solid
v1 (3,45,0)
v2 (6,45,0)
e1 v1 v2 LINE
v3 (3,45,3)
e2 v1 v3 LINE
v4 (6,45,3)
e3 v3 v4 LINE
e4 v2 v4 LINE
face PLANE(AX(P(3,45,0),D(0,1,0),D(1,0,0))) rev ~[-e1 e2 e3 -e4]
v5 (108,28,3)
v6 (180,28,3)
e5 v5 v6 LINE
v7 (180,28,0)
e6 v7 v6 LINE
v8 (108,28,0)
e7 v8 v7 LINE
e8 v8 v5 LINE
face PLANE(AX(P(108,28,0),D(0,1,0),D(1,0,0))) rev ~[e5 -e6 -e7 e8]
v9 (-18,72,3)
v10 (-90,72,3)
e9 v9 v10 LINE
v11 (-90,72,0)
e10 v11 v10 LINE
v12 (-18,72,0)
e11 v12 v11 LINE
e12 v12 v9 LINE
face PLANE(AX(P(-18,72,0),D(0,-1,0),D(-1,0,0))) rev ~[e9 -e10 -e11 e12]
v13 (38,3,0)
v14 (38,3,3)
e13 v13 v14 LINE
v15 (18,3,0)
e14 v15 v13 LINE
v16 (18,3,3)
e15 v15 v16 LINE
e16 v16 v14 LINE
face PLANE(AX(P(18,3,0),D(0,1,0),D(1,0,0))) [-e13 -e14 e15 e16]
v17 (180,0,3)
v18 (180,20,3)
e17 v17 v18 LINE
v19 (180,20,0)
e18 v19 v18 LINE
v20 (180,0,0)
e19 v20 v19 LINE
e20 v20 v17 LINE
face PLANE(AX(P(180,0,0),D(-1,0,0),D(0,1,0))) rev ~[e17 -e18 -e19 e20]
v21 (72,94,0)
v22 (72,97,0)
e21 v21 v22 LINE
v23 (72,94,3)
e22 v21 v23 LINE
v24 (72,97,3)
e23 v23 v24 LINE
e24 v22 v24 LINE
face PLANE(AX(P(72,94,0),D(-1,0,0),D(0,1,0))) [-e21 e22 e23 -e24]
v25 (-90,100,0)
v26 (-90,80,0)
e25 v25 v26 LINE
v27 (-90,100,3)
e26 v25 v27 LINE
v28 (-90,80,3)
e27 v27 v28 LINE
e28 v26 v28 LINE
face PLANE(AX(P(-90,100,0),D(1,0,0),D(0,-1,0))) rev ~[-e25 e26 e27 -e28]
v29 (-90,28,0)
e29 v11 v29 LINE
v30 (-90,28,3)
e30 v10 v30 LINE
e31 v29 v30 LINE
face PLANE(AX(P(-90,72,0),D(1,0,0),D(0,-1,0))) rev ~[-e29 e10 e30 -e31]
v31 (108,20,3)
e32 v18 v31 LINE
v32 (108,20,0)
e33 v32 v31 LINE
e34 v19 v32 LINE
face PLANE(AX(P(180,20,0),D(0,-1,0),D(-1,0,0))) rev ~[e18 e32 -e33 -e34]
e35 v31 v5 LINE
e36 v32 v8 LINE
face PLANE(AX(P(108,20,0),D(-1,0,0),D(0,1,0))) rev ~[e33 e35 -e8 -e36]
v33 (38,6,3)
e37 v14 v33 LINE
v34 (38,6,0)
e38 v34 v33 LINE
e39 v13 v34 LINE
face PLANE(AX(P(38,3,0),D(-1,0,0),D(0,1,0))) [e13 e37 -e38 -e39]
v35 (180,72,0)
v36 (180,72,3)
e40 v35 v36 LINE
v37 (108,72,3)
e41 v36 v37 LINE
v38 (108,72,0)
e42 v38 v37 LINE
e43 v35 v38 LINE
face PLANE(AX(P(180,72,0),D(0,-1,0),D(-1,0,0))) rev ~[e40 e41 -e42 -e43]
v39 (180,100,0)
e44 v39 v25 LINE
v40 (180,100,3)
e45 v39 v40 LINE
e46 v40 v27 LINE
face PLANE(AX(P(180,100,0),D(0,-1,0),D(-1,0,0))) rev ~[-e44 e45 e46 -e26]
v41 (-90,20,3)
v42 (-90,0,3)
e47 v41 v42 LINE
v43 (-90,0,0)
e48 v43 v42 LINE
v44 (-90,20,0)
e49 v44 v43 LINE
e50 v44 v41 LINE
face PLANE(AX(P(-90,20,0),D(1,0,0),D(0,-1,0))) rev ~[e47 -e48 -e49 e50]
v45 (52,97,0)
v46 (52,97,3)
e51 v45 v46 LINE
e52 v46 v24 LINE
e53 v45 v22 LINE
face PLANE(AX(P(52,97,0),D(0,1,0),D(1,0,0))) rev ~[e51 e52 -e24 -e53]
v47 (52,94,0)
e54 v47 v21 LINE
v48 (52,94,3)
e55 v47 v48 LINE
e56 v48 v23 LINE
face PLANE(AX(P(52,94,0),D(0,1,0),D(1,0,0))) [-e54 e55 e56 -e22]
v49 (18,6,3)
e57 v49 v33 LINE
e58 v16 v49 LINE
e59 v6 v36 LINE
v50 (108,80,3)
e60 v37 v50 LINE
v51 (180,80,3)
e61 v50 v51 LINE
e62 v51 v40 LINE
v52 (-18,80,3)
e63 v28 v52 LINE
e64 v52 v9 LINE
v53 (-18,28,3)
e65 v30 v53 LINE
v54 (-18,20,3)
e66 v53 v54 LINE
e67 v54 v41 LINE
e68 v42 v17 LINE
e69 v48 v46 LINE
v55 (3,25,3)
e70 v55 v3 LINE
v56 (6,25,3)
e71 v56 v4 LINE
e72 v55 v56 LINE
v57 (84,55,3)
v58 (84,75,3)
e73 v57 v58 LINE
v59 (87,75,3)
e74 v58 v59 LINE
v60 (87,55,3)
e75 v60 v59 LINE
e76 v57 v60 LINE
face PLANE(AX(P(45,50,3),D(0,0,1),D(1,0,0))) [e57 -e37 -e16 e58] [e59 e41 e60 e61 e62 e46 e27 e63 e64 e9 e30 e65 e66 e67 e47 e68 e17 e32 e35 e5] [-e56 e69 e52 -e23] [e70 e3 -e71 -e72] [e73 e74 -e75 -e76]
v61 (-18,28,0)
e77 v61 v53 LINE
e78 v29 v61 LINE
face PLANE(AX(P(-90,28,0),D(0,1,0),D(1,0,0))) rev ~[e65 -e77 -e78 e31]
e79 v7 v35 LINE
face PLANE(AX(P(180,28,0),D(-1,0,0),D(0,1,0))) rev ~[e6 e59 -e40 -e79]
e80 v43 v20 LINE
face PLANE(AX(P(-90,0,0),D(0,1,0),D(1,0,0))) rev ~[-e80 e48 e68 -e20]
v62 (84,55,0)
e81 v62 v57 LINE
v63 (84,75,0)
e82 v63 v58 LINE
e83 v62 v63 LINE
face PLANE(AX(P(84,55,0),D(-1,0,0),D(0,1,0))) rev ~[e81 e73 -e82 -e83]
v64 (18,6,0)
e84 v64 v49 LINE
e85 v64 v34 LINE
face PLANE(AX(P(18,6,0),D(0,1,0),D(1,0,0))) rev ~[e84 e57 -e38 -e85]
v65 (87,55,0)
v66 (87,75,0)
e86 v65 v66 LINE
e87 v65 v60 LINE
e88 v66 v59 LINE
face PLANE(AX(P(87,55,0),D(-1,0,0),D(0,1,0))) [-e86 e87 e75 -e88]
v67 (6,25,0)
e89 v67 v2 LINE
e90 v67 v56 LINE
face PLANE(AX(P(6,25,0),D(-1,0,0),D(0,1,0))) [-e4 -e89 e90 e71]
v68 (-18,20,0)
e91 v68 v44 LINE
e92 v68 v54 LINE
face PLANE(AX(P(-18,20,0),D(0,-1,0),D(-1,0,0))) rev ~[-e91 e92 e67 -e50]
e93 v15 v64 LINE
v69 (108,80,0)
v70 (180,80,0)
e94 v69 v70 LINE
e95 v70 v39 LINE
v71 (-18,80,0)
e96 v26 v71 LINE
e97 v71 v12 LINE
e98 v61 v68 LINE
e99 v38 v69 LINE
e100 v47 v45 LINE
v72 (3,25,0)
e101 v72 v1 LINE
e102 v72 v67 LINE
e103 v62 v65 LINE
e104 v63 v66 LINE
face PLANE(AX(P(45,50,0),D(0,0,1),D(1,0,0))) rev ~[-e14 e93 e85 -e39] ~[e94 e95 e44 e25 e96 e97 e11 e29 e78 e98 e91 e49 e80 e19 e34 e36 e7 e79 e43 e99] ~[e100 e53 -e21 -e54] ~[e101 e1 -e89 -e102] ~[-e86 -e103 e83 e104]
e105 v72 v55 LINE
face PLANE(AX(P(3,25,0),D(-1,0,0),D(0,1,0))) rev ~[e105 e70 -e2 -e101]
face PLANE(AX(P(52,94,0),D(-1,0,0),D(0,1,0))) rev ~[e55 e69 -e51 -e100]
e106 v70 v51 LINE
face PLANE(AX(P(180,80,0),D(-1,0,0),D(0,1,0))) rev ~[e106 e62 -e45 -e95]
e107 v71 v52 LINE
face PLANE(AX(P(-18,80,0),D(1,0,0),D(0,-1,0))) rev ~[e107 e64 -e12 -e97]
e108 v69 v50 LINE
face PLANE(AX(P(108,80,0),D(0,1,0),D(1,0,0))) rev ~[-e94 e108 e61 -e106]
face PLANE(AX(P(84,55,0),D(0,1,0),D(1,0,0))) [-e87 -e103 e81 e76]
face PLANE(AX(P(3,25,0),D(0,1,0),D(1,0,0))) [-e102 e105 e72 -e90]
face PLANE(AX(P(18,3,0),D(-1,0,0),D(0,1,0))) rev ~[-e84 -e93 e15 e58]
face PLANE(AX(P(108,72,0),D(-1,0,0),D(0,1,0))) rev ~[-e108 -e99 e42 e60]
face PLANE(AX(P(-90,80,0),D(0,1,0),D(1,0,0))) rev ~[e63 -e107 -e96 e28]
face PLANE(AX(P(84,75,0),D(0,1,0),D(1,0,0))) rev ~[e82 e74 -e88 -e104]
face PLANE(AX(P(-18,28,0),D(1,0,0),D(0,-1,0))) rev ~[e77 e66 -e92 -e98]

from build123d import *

# Parameters (mm, degrees)
SKETCH_1_W      = 20
SKETCH_1_H      = 3
SKETCH_1_W_2    = 3
SKETCH_1_H_2    = 20
EXTRUDE_1_DEPTH = 3


with BuildPart() as part:
    # Эскиз1 → Бобышка-Вытянуть1 (new body)
    with BuildSketch(Plane.XY):
        Polygon((0, 0), (90, 0), (180, 0), (180, 20), (108, 20), (108, 28), (180, 28), (180, 72), (108, 72), (108, 80), (180, 80), (180, 100), (90, 100), (0, 100), (-90, 100), (-90, 80), (-18, 80), (-18, 72), (-90, 72), (-90, 28), (-18, 28), (-18, 20), (-90, 20), (-90, 0), align=None)
        with Locations((28, 4.5)):
            Rectangle(SKETCH_1_W, SKETCH_1_H, mode=Mode.SUBTRACT)
        with Locations((62, 95.5)):
            Rectangle(SKETCH_1_W, SKETCH_1_H, mode=Mode.SUBTRACT)
        with Locations((4.5, 35)):
            Rectangle(SKETCH_1_W_2, SKETCH_1_H_2, mode=Mode.SUBTRACT)
        with Locations((85.5, 65)):
            Rectangle(SKETCH_1_W_2, SKETCH_1_H_2, mode=Mode.SUBTRACT)
    extrude(amount=EXTRUDE_1_DEPTH)


solid = part.part
